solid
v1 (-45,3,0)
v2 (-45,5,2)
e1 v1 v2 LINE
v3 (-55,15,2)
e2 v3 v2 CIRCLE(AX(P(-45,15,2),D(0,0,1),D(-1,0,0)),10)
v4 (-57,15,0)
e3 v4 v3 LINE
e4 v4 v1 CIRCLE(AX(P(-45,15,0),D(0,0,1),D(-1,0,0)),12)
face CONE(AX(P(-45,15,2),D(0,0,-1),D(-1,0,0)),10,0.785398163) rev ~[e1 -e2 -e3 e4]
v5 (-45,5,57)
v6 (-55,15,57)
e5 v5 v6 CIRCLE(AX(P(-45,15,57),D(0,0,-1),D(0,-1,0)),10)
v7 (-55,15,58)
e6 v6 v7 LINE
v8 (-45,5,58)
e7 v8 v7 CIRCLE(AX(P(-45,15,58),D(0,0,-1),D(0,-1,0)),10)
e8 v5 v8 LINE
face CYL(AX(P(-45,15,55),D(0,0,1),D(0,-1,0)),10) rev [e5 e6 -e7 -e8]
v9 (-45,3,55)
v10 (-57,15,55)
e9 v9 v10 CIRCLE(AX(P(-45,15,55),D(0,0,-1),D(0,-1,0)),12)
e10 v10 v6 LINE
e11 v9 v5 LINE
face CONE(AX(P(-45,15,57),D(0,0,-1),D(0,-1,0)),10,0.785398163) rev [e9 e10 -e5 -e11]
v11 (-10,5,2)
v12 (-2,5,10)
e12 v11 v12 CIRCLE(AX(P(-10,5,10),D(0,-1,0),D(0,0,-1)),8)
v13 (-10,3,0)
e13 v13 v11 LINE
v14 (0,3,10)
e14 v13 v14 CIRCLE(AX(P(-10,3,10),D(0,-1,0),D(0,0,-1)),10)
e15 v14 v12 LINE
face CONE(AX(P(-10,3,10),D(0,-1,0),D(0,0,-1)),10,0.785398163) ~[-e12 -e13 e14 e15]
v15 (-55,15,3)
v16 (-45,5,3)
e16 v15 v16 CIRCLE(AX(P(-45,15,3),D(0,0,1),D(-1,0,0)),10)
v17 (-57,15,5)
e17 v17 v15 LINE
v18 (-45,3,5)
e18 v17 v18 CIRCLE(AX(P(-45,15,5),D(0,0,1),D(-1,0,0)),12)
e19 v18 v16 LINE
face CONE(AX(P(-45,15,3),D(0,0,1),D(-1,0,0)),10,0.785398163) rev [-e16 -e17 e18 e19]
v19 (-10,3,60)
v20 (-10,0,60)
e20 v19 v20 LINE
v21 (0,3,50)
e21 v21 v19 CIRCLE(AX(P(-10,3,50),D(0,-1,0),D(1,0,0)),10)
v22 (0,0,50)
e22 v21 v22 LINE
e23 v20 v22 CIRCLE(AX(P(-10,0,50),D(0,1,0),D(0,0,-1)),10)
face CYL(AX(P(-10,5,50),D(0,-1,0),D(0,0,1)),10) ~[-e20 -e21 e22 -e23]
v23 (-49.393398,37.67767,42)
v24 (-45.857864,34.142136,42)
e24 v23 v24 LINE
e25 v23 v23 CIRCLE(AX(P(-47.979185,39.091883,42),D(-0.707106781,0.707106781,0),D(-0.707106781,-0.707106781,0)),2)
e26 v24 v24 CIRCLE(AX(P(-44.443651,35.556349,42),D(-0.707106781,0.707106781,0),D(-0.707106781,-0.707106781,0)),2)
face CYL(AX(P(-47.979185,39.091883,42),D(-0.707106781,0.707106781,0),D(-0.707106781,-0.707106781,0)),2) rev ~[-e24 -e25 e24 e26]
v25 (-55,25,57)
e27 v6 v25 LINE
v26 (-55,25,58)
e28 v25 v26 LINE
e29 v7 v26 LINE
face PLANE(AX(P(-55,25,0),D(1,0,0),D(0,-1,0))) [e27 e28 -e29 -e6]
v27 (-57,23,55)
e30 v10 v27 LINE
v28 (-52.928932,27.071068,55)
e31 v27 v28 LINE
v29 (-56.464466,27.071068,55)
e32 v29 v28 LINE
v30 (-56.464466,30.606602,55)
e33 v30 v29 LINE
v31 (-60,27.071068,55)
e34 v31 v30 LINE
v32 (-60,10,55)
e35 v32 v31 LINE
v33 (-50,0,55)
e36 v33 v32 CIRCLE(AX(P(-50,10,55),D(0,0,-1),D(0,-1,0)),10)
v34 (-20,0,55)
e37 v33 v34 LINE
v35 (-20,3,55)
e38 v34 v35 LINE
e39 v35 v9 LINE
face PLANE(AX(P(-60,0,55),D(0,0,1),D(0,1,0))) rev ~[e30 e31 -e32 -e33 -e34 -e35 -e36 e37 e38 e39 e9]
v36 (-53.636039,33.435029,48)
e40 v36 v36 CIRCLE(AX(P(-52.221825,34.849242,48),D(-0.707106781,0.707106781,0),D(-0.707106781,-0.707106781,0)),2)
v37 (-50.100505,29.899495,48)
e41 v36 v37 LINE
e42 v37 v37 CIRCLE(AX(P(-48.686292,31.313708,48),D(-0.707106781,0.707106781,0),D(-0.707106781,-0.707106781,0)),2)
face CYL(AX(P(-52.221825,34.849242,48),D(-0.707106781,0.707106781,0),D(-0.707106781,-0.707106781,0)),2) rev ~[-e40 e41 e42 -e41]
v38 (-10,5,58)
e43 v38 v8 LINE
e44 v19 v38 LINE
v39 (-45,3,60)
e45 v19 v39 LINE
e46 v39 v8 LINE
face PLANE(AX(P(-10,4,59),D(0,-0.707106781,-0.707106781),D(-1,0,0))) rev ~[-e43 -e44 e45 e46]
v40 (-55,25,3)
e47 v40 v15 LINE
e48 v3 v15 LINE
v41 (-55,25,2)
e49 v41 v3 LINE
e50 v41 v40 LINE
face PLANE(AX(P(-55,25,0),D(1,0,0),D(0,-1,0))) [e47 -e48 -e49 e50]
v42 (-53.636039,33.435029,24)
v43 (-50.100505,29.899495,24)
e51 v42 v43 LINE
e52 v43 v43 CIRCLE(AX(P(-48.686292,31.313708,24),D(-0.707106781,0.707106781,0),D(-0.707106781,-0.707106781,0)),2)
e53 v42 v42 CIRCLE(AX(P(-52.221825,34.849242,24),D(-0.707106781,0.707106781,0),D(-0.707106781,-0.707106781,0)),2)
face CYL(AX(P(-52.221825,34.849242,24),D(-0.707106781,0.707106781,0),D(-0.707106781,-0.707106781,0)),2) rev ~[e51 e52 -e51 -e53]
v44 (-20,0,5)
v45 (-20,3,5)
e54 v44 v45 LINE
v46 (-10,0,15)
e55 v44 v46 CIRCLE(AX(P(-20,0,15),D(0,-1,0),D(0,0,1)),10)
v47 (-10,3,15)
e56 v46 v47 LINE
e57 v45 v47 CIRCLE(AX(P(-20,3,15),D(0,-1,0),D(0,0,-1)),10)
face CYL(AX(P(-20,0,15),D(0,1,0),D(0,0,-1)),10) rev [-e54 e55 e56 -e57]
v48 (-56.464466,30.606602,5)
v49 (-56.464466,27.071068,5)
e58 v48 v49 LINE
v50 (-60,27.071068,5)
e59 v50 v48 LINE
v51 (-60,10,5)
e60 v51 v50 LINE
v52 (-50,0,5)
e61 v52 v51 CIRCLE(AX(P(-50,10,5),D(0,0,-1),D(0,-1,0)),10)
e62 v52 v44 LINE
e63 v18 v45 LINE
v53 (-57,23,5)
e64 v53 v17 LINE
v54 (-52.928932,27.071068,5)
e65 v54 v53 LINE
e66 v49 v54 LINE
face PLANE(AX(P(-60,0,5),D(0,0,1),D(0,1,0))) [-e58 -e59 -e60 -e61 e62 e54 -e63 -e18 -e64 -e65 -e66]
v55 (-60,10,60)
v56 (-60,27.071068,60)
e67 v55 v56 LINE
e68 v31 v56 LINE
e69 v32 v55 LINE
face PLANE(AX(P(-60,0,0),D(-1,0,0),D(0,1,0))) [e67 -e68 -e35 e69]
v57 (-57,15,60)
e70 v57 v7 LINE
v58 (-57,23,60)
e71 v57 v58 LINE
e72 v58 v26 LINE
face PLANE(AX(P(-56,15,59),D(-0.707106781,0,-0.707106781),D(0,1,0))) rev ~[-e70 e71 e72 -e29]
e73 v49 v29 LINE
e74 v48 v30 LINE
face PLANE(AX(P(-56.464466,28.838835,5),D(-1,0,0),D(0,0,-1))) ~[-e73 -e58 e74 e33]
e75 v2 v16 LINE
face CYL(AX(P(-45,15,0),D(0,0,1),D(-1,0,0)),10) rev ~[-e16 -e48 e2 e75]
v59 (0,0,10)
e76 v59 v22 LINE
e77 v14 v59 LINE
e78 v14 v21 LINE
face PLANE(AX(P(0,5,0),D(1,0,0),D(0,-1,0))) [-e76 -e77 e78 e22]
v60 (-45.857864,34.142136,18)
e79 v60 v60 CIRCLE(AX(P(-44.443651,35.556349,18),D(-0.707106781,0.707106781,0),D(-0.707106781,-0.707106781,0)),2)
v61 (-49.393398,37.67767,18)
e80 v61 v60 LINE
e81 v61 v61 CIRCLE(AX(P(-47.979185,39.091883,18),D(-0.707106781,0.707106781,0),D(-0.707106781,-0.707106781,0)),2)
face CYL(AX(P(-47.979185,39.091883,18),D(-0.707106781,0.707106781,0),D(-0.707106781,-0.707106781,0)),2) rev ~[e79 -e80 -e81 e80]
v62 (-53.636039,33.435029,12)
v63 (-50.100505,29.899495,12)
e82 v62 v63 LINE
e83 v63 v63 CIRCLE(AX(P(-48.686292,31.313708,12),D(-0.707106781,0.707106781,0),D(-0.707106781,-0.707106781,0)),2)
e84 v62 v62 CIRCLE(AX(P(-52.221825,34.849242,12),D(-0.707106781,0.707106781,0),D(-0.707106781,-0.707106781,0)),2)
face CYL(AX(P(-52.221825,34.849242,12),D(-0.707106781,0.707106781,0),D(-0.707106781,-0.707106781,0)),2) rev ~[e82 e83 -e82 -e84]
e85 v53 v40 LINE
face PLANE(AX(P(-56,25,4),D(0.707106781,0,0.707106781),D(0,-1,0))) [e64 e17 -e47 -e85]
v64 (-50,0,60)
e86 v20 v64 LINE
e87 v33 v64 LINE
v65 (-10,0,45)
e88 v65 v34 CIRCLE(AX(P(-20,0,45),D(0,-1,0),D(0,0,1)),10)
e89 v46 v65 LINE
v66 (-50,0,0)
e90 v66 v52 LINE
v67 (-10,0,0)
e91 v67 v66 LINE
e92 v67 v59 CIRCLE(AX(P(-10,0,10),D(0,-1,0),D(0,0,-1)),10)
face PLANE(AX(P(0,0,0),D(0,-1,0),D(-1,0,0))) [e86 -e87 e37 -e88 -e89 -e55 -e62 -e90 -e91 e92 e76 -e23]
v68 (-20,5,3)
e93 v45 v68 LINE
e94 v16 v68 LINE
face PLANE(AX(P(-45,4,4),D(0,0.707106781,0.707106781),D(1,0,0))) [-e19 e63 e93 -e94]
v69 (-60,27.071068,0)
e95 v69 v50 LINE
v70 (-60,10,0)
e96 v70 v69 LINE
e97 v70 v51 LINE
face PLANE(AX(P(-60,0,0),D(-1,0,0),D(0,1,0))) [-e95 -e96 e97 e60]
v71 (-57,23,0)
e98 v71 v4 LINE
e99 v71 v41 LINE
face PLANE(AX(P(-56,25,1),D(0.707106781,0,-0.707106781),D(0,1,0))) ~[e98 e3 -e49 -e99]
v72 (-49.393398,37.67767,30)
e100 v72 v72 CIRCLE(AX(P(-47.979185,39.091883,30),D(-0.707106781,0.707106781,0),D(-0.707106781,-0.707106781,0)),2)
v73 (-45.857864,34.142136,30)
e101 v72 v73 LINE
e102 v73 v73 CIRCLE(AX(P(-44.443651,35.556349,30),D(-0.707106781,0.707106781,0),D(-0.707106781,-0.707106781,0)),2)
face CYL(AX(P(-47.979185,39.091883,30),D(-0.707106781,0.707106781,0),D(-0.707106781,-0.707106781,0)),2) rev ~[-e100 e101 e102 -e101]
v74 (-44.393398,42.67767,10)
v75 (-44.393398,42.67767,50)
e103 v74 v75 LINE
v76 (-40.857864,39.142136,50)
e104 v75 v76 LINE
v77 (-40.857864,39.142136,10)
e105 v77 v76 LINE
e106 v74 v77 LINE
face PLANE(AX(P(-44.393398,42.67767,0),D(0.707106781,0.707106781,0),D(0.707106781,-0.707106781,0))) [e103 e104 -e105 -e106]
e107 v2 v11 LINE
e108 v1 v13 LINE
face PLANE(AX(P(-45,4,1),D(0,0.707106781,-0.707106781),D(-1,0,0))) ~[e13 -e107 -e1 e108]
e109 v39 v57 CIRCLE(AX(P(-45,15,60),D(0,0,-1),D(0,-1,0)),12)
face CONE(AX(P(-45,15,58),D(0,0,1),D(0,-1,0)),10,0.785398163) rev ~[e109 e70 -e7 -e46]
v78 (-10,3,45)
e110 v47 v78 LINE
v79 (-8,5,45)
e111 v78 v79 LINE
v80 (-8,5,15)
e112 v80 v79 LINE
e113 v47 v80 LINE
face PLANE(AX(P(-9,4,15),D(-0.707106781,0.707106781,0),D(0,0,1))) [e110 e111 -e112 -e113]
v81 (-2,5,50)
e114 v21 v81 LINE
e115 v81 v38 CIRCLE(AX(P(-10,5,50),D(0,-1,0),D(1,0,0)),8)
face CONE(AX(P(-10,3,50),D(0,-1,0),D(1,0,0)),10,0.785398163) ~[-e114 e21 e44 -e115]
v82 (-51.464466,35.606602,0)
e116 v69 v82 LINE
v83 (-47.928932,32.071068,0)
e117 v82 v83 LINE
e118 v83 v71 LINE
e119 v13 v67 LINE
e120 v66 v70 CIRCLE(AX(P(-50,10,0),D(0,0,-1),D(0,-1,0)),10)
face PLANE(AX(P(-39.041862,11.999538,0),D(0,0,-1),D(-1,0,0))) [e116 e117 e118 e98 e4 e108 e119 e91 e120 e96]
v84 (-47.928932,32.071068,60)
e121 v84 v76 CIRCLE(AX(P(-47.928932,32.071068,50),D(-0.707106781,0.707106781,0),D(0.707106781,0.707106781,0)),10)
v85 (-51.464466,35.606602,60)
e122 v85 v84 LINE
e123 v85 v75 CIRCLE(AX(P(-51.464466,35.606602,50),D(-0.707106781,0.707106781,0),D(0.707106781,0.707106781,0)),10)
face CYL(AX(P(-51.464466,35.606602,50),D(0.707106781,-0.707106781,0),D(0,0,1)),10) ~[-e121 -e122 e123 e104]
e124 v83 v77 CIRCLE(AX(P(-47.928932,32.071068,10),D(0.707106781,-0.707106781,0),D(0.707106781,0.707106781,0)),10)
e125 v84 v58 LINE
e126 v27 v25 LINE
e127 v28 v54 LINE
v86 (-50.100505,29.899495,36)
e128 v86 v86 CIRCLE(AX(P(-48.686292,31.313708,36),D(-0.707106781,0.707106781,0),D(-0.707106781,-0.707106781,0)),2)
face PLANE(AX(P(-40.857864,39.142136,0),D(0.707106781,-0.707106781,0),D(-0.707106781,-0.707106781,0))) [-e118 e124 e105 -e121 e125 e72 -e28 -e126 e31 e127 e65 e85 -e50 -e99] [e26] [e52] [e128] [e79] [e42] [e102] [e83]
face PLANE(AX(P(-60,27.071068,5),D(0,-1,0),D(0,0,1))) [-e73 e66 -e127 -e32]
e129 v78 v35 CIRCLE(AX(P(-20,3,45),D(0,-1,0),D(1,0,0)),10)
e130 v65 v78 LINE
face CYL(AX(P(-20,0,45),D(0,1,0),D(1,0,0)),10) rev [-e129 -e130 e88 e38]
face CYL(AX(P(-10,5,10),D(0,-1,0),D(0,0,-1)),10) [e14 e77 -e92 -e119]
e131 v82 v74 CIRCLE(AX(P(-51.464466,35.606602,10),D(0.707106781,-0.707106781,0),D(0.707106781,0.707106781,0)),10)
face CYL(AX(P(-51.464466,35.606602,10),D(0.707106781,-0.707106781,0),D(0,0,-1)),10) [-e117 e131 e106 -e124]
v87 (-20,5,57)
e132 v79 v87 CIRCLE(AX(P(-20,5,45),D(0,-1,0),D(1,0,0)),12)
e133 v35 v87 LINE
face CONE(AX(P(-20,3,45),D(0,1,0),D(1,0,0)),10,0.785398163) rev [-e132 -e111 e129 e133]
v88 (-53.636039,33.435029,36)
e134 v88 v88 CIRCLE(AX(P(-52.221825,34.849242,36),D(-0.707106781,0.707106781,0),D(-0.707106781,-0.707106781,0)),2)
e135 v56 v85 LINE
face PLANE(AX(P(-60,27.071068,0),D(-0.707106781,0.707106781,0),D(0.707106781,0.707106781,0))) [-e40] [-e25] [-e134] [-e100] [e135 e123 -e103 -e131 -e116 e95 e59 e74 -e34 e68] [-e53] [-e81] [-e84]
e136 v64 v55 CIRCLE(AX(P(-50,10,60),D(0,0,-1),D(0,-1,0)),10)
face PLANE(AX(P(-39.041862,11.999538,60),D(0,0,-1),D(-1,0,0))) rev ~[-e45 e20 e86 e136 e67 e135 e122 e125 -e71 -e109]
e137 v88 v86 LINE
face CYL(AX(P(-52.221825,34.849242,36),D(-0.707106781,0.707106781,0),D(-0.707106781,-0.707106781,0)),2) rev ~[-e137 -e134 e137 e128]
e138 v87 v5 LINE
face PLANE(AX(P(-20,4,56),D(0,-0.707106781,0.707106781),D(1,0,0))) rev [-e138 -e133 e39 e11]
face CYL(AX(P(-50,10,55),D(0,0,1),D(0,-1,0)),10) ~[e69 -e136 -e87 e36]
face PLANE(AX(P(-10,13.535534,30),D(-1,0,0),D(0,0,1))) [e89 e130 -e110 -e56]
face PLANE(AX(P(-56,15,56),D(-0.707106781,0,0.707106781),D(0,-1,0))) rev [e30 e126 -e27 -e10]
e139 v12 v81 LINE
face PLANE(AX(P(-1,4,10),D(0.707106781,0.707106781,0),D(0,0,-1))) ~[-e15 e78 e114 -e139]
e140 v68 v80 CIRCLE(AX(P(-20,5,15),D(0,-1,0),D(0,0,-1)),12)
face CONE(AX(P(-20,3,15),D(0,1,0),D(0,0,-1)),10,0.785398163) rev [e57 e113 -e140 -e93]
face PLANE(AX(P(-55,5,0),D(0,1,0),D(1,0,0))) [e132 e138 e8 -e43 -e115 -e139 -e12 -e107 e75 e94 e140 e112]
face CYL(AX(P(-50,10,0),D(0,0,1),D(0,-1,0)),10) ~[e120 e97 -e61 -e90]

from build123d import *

# Parameters (mm, degrees)
BOSS_EXTRUDE1_DEPTH = 60
SKETCH2_W           = 50
SKETCH2_H           = 27.071067812
CUT_EXTRUDE1_DEPTH  = 50
FILLET1_R           = 10
CHAMFER1_SIZE       = 2
SKETCH3_R           = 2
CUT_EXTRUDE2_DEPTH  = 30
CHAMFER2_SIZE       = 5
CHAMFER2_SIZE2      = 3.535533906


with BuildPart() as part:
    # Sketch1 → Boss-Extrude1 (new body)
    with BuildSketch(Plane.XY):
        Polygon((0, 0), (-60, 0), (-60, 27.071067812), (-44.393398282, 42.67766953), (-40.857864376, 39.142135624), (-55, 25), (-55, 5), (0, 5), align=None)
    extrude(amount=BOSS_EXTRUDE1_DEPTH)

    # Sketch2 → Cut-Extrude1 (cut)
    with BuildSketch(Plane.ZY.offset(60)):
        with Locations((30, 13.535533906)):
            Rectangle(SKETCH2_W, SKETCH2_H)
    extrude(amount=-CUT_EXTRUDE1_DEPTH, mode=Mode.SUBTRACT)

    # Fillet1
    fillet1_edges = [part.edges().sort_by_distance(p)[0] for p in [
        (0, 2.5, 60),
        (-55, 5, 57.5),
        (-60, 0, 57.5),
        (-42.625631329, 40.909902577, 60),
        (-55, 5, 2.5),
        (-60, 0, 2.5),
        (-10, 2.5, 5),
        (-10, 2.5, 55),
        (-42.625631329, 40.909902577, 0),
        (0, 2.5, 0),
    ]]
    fillet(fillet1_edges, radius=FILLET1_R)

    # Chamfer1
    chamfer1_edges = [part.edges().sort_by_distance(p)[0] for p in [
        (-55, 20, 5),
        (-10, 5, 30),
        (-32.5, 5, 5),
        (-55, 20, 55),
        (-32.5, 5, 55),
        (-55, 20, 0),
        (-27.5, 5, 0),
        (-27.5, 5, 60),
        (-55, 20, 60),
        (0, 5, 30),
        (-2.928932188, 5, 57.071067812),
        (-2.928932188, 5, 2.928932188),
        (-12.928932188, 5, 7.928932188),
        (-12.928932188, 5, 52.071067812),
        (-52.071067812, 7.928932188, 0),
        (-52.071067812, 7.928932188, 5),
        (-52.071067812, 7.928932188, 55),
        (-52.071067812, 7.928932188, 60),
    ]]
    chamfer(chamfer1_edges, length=CHAMFER1_SIZE)

    # Sketch3 → Cut-Extrude2 (cut)
    with BuildSketch(Plane(origin=(-43.535533906, 43.535533906, 0), x_dir=(0, 0, 1), z_dir=(-0.7071067811865464, 0.7071067811865488, 0))):
        with Locations(Location((30, -6.284271247, 0), (0, 0, 270))):
            Circle(SKETCH3_R)
        with Locations(Location((36, -12.284271247, 0), (0, 0, 270))):
            Circle(SKETCH3_R)
        with Locations(Location((24, -12.284271247, 0), (0, 0, 270))):
            Circle(SKETCH3_R)
        with Locations(Location((18, -6.284271247, 0), (0, 0, 270))):
            Circle(SKETCH3_R)
        with Locations(Location((12, -12.284271247, 0), (0, 0, 270))):
            Circle(SKETCH3_R)
        with Locations(Location((42, -6.284271247, 0), (0, 0, 270))):
            Circle(SKETCH3_R)
        with Locations(Location((48, -12.284271247, 0), (0, 0, 270))):
            Circle(SKETCH3_R)
    extrude(amount=-CUT_EXTRUDE2_DEPTH, mode=Mode.SUBTRACT)

    # Chamfer2
    chamfer2_edges = [part.edges().sort_by_distance(p)[0] for p in [
        (-60, 27.071067812, 30),
    ]]
    chamfer2_side = [part.faces().sort_by_distance(p)[0] for p in [
        (-52.552716381, 34.518351431, 30),
    ]]
    chamfer(chamfer2_edges, length=CHAMFER2_SIZE, length2=CHAMFER2_SIZE2, reference=chamfer2_side[0])


solid = part.part
